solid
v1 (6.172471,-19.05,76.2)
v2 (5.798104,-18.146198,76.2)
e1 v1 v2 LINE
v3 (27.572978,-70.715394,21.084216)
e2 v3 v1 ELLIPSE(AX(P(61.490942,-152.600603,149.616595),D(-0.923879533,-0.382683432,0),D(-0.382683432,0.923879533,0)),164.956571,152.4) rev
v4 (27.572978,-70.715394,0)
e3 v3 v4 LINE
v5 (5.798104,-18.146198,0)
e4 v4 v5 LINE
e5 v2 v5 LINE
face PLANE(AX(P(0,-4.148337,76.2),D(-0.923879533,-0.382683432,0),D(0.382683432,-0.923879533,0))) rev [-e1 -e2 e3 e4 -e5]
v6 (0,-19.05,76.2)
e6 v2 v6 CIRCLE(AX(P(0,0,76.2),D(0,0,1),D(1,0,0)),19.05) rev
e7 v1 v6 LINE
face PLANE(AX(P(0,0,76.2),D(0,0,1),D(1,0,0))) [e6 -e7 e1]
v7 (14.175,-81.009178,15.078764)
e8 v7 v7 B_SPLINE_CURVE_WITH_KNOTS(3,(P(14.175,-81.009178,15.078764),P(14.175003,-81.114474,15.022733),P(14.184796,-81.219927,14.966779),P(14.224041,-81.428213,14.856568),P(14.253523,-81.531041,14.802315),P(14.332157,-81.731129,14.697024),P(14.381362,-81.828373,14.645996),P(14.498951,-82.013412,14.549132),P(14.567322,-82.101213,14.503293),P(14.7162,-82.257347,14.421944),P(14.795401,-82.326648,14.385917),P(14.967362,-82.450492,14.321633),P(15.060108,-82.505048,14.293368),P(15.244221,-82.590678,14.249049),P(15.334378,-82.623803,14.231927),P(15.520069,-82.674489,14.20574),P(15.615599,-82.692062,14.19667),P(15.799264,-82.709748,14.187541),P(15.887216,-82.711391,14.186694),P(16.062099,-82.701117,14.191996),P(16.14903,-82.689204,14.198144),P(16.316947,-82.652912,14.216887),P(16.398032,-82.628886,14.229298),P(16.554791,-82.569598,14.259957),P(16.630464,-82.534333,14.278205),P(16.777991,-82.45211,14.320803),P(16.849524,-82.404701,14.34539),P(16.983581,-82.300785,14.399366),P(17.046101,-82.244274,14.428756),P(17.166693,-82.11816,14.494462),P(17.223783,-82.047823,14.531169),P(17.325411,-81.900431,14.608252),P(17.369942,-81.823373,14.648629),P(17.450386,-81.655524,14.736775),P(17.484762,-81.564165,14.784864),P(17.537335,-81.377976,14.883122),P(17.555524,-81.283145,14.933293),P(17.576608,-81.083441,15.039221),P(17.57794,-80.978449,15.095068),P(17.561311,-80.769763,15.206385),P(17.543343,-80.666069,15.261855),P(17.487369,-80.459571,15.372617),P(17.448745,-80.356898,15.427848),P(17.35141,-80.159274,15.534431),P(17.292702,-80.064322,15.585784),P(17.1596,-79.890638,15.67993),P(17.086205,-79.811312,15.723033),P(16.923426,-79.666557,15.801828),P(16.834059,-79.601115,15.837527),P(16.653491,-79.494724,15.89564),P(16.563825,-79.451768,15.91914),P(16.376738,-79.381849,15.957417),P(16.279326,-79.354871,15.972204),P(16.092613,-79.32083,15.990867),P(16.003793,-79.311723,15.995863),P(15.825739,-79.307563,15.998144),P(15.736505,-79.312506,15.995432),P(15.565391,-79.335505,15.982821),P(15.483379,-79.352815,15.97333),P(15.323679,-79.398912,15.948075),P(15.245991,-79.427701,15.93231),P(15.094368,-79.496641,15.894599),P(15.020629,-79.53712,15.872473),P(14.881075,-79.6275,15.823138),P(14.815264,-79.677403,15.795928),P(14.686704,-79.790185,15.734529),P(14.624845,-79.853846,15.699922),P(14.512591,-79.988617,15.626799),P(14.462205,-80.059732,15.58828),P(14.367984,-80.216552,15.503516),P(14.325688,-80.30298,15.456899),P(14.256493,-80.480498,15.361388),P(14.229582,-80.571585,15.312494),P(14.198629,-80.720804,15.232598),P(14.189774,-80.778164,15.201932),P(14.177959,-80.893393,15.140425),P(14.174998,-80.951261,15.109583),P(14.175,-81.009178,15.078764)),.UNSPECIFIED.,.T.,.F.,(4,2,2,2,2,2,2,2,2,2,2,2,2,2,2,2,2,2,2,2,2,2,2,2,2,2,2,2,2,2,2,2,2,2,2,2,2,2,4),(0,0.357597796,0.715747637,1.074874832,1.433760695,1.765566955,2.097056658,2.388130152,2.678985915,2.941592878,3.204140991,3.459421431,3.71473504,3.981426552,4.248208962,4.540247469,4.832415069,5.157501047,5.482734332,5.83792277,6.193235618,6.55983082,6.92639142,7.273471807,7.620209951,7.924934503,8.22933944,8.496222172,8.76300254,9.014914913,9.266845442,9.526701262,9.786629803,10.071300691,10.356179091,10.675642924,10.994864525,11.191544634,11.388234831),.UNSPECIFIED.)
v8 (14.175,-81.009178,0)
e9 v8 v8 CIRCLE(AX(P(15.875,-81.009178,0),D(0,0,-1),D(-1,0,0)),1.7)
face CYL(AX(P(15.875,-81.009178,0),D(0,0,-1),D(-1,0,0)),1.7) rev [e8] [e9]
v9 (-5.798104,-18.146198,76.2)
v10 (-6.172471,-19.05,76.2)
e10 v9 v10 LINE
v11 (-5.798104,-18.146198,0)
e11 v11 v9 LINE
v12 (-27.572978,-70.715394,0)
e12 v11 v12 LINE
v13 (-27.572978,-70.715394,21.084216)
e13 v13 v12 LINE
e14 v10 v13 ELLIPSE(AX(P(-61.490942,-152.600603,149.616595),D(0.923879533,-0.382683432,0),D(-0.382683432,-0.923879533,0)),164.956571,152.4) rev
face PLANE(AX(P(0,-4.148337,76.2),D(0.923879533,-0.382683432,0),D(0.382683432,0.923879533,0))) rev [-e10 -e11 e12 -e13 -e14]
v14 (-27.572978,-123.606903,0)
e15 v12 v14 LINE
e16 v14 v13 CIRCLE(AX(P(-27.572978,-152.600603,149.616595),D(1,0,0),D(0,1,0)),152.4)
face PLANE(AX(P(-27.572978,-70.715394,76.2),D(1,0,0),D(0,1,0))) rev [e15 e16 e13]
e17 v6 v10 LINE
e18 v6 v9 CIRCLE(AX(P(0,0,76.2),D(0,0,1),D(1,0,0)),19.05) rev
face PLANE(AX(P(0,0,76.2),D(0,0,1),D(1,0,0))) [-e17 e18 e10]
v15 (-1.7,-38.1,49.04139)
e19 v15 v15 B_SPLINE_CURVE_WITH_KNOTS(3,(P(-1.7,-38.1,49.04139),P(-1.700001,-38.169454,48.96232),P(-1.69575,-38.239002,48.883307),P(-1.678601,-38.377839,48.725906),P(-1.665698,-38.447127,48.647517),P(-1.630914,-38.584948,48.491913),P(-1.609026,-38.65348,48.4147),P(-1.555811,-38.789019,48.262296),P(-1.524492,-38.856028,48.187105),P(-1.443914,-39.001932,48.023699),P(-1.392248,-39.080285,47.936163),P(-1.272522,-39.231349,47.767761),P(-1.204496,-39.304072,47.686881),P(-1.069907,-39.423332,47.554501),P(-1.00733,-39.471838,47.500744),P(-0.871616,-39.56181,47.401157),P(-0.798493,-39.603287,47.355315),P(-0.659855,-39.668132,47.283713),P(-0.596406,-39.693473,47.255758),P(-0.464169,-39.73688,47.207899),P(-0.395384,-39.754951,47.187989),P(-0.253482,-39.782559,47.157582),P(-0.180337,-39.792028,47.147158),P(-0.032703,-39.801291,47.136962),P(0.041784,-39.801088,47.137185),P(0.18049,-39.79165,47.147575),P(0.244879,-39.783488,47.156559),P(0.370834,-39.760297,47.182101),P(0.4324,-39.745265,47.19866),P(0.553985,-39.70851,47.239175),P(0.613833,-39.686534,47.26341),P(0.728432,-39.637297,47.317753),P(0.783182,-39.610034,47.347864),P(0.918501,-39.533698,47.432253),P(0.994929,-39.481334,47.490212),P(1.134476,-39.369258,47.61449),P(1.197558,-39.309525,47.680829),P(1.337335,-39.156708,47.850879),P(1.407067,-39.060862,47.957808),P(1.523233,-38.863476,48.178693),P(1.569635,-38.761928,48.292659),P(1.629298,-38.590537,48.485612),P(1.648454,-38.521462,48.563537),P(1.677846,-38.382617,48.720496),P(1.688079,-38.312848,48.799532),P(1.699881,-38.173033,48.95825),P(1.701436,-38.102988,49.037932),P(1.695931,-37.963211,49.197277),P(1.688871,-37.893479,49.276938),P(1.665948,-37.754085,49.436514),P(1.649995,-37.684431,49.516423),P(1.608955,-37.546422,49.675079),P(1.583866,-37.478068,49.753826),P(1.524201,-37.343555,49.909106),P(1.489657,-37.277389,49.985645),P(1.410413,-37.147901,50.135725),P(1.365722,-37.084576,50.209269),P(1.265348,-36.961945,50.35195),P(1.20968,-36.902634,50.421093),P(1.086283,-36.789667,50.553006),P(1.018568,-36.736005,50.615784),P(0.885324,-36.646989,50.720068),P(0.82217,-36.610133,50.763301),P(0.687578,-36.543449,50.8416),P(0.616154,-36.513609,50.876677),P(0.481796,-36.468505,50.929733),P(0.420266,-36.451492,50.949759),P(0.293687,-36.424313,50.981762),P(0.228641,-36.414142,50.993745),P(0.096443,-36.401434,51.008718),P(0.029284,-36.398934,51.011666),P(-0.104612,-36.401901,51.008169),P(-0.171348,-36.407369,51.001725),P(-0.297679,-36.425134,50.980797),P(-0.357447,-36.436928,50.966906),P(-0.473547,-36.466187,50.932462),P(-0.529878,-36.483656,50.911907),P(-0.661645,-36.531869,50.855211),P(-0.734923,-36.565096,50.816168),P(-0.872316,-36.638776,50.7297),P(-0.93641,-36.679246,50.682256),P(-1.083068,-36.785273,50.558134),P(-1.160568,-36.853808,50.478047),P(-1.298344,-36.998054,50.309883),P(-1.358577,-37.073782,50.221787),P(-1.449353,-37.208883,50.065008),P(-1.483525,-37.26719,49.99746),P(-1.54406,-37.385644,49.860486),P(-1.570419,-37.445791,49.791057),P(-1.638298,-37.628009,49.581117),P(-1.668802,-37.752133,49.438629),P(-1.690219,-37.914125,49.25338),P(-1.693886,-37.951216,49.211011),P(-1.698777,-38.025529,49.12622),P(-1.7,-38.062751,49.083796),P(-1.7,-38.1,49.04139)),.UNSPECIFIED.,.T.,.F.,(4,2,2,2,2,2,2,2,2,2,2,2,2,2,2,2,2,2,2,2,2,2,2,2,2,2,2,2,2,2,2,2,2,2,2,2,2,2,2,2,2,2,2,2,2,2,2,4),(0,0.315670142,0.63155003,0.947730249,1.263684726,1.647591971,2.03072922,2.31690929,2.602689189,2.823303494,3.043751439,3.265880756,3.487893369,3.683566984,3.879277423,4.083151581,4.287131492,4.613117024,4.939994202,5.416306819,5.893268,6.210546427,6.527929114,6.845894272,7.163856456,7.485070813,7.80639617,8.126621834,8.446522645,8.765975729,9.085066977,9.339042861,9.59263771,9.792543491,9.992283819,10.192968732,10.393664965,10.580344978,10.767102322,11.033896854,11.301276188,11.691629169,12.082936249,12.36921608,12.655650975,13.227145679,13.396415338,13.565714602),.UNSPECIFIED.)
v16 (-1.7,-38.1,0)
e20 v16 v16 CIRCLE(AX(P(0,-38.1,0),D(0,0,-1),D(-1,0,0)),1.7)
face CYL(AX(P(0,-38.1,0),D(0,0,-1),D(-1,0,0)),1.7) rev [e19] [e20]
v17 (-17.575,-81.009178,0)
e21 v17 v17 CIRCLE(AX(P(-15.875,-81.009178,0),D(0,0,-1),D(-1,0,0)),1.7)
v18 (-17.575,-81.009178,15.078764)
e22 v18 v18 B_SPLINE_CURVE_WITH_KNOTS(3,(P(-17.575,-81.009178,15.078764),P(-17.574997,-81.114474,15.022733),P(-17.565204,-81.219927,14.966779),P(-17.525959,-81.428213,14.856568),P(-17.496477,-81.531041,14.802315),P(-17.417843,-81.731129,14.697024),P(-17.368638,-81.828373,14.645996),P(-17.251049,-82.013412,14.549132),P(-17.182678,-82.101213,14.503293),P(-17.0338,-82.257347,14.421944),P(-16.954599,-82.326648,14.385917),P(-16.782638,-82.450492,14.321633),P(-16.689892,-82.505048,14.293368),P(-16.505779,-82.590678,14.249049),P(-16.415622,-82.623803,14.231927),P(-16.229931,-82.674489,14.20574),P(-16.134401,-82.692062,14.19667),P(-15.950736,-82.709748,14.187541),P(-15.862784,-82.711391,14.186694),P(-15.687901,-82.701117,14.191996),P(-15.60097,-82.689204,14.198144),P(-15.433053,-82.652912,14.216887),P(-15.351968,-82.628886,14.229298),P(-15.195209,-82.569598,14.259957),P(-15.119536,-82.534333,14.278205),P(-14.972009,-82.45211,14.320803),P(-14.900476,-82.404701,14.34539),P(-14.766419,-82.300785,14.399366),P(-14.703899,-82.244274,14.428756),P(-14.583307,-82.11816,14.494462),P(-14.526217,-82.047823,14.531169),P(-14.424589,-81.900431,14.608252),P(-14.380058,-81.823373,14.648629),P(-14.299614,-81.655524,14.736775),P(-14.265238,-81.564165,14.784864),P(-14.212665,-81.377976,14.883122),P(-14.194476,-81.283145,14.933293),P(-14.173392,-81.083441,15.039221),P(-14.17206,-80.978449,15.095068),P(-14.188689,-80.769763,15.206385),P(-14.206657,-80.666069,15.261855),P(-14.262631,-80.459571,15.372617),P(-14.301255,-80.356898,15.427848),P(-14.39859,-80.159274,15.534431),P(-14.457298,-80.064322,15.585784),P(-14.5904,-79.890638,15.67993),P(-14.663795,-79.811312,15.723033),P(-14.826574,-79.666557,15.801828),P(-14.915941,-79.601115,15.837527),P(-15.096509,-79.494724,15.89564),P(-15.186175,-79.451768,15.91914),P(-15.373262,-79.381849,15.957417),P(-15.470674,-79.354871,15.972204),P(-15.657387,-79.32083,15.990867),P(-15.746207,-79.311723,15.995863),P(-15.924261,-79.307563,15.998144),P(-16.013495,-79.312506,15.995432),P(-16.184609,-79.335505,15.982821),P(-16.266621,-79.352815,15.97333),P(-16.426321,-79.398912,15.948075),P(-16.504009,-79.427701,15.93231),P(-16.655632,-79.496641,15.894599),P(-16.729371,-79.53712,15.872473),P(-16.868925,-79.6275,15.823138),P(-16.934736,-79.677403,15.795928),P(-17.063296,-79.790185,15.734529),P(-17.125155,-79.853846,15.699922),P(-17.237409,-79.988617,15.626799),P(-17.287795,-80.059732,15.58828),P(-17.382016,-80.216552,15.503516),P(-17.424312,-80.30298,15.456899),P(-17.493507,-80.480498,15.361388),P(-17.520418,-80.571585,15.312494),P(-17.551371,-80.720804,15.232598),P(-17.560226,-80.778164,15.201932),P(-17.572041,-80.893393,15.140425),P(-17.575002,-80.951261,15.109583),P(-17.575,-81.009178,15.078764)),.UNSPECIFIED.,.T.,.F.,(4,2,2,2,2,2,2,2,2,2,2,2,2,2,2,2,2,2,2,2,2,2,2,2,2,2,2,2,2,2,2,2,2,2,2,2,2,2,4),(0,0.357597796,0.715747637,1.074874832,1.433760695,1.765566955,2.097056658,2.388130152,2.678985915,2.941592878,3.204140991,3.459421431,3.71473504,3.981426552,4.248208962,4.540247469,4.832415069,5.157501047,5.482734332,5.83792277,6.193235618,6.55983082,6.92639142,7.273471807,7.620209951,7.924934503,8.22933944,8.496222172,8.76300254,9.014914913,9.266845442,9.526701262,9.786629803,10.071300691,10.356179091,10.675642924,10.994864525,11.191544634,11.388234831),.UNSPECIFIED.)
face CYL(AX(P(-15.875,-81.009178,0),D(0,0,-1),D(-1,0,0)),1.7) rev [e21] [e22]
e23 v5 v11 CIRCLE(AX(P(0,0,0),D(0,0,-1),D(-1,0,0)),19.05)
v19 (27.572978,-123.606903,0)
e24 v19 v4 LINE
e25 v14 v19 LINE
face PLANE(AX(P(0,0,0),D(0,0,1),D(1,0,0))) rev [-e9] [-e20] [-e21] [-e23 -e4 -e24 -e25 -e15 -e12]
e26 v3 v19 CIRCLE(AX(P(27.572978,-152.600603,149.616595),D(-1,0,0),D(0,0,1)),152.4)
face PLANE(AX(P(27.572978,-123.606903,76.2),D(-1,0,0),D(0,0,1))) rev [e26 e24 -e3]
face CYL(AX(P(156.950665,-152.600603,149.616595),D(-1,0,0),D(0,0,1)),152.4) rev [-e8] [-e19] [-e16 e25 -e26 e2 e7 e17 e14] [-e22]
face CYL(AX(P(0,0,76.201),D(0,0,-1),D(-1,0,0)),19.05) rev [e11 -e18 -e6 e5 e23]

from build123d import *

# Parameters (mm, degrees)
BOSS_EXTRUDE1_DEPTH  = 76.2
CUT_EXTRUDE1_START   = -27.572978
CUT_EXTRUDE1_DEPTH   = 55.145956
M3_CLEARANCE_HOLE1_D = 3.4
CUT_EXTRUDE2_REACH   = 149.802
SKETCH10_R           = 19.05


with BuildPart() as part:
    # Sketch1 → Boss-Extrude1 (new body)
    with BuildSketch(Plane.XY):
        Polygon((27.572977546, -123.606903324), (27.572977546, -70.715393761), (0, -4.148337413), (-27.572977546, -70.715393761), (-27.572977546, -123.606903324), align=None)
    extrude(amount=BOSS_EXTRUDE1_DEPTH)

    # Sketch2 → Cut-Extrude1 (cut)
    with BuildSketch(Plane(origin=(0, 0, 0), x_dir=(0, 0, -1), z_dir=(1, 0, 0)).offset(CUT_EXTRUDE1_START)):
        with BuildLine():
            Line((-76.2, -123.606903324), (0, -123.606903324))
            ThreePointArc((0, -123.606903324), (-26.454151539, -62.84107661), (-76.2, -19.05))
            Line((-76.2, -19.05), (-76.2, -70.715393761))
            Line((-76.2, -70.715393761), (-76.2, -123.606903324))
        make_face()
    extrude(amount=CUT_EXTRUDE1_DEPTH, mode=Mode.SUBTRACT)

    # M3 Clearance Hole1 (through all)
    with Locations(Plane(origin=(0, 0, 0), x_dir=(-1, 0, 0), z_dir=(0, 0, -1))):
        with Locations((-15.875, -81.009177721), (15.875, -81.009177721), (0, -38.1)):
            Hole(M3_CLEARANCE_HOLE1_D / 2)

    # Sketch10 → Cut-Extrude2 (cut, up to next)
    with BuildSketch(Plane(origin=(0, 0, 0), x_dir=(-1, 0, 0), z_dir=(0, 0, -1)), mode=Mode.PRIVATE) as cut_extrude2_sk1:
        Circle(SKETCH10_R)
    cut_extrude2_tool1 = extrude(cut_extrude2_sk1.sketch, amount=-CUT_EXTRUDE2_REACH, mode=Mode.PRIVATE) & part.part
    add(cut_extrude2_tool1.solids().sort_by_distance((0, 0, 0))[0], mode=Mode.SUBTRACT)


solid = part.part
